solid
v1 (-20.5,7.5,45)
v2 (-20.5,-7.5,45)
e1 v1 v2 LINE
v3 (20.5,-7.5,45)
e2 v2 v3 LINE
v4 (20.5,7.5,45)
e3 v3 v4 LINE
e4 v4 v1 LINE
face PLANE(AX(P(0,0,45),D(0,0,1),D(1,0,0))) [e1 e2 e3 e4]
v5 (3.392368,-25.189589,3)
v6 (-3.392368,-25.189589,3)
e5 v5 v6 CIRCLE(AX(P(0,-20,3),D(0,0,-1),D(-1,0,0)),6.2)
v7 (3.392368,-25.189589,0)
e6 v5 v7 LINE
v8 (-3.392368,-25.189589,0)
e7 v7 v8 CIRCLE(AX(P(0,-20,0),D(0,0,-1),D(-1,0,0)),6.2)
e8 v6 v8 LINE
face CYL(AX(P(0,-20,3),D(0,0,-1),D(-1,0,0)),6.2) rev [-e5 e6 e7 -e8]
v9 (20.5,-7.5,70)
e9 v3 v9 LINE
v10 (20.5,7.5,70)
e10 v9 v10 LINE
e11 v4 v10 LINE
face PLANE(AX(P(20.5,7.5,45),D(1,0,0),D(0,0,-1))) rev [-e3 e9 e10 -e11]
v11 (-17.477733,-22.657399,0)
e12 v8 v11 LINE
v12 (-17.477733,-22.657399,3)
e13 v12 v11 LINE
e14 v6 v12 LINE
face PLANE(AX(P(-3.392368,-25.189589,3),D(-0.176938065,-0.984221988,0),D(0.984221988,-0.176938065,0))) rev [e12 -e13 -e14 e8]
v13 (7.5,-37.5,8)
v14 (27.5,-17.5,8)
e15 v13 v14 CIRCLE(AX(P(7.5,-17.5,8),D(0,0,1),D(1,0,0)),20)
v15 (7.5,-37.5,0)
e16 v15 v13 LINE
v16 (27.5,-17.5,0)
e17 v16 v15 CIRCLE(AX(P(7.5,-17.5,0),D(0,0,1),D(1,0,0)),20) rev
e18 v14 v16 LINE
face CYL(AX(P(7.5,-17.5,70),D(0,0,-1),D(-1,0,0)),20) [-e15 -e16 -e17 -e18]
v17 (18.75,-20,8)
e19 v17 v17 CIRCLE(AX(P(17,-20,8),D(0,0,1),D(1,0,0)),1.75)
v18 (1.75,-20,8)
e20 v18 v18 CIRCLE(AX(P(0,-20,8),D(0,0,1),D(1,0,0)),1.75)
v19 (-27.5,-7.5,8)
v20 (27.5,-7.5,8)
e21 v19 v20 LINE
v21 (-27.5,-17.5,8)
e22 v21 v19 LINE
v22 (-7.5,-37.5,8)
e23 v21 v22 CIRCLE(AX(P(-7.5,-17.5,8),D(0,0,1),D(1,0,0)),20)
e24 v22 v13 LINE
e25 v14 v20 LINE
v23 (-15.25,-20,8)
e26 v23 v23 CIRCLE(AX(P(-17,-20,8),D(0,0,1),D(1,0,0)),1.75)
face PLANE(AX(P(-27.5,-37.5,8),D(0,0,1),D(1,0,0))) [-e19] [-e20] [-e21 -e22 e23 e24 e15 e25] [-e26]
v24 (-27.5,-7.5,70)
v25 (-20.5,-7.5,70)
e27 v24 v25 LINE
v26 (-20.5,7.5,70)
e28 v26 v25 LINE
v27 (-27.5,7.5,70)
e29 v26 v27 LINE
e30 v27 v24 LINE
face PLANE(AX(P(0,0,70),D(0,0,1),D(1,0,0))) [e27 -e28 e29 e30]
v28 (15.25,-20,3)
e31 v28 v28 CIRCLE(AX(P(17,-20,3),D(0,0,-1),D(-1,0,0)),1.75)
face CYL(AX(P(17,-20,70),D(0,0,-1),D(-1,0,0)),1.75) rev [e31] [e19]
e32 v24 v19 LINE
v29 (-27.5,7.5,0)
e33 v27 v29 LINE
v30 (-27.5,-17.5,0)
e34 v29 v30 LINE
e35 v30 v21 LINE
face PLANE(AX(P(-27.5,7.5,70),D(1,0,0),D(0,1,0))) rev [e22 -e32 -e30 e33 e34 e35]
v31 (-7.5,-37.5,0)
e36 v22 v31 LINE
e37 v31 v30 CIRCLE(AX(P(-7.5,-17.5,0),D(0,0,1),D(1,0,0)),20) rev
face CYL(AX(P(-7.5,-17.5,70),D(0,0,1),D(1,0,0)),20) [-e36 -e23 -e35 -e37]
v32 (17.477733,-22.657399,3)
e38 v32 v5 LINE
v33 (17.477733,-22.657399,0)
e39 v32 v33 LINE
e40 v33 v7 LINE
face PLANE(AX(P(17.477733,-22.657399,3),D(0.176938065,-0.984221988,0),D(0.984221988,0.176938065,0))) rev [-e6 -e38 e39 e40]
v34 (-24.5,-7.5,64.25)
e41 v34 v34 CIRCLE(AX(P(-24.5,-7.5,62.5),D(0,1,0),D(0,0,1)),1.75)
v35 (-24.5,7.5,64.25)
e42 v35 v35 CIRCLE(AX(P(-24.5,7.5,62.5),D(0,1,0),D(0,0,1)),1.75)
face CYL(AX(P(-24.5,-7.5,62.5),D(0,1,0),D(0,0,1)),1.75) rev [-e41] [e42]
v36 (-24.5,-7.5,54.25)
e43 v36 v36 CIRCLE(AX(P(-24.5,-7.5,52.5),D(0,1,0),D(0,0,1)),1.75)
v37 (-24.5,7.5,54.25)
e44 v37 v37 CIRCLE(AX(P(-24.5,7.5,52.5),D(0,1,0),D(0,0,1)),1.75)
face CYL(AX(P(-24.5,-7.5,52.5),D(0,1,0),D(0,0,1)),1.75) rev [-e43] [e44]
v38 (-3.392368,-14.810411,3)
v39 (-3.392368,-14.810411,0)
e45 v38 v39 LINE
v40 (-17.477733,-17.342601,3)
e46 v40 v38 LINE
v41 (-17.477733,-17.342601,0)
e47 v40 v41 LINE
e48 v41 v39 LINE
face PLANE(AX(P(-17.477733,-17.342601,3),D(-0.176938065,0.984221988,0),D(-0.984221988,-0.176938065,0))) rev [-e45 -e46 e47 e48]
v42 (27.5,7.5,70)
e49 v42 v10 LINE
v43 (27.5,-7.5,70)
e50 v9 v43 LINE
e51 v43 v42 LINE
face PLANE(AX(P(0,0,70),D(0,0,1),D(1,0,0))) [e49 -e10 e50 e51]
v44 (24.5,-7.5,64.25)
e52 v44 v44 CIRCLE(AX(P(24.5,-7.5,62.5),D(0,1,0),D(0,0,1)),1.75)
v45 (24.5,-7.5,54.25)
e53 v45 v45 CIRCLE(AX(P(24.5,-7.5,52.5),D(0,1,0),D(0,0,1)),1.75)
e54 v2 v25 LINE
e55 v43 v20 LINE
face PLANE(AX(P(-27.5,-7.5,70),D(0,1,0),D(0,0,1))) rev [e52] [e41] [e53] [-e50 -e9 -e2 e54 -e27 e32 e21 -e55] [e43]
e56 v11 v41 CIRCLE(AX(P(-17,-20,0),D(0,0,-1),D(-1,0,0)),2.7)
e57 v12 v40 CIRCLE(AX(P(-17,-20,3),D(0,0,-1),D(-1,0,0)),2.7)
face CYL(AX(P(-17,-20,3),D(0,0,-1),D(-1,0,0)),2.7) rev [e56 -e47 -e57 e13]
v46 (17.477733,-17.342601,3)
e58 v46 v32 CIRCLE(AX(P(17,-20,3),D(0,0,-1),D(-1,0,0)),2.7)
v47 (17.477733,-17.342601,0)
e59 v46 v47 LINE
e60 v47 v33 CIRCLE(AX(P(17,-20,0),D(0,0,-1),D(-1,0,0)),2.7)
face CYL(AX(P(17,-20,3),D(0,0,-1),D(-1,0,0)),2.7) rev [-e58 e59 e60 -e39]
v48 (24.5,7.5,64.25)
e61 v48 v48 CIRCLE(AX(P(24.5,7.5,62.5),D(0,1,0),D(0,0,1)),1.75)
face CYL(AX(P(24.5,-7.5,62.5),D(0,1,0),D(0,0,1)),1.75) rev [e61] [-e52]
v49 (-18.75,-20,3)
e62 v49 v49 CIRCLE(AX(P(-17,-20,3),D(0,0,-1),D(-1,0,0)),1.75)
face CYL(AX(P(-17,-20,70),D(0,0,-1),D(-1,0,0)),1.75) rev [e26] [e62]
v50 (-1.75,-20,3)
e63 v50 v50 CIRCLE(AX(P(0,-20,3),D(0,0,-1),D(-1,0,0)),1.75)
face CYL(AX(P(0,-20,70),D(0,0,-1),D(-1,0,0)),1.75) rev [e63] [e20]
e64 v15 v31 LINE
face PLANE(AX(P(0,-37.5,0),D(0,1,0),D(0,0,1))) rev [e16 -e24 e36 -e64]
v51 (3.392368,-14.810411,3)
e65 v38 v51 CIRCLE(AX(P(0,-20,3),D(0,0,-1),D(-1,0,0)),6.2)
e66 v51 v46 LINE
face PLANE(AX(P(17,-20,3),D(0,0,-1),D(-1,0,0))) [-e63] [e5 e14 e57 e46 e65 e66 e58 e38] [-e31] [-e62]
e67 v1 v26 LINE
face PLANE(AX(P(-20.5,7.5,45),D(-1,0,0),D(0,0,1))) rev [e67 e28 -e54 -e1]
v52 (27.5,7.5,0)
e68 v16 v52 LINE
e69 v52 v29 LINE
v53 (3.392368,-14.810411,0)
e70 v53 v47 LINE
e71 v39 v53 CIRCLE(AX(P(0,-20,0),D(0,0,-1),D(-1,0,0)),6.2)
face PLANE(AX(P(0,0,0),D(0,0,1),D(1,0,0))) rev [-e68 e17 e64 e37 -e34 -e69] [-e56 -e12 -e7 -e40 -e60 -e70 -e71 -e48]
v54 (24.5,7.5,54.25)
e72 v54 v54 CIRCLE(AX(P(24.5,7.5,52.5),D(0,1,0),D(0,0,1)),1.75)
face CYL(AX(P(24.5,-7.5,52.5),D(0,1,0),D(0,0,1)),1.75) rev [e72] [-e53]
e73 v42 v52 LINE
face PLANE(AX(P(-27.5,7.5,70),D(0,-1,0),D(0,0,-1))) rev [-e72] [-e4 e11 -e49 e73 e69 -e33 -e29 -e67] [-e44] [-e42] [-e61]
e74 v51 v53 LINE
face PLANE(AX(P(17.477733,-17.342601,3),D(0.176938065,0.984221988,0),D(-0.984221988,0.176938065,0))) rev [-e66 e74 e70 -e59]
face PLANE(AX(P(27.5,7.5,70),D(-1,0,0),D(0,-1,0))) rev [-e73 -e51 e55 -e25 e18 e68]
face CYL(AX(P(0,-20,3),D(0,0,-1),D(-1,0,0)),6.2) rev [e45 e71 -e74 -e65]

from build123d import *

# Parameters (mm, degrees)
SKETCH1_W           = 55
SKETCH1_H           = 15
BOSS_EXTRUDE1_DEPTH = 70
SKETCH2_W           = 41
SKETCH2_H           = 15
CUT_EXTRUDE1_DEPTH  = 25
SKETCH3_R           = 1.75
CUT_EXTRUDE2_DEPTH  = 16
SKETCH4_W           = 55
SKETCH4_H           = 8
BOSS_EXTRUDE2_DEPTH = 30
FILLET1_R           = 20
CUT_EXTRUDE3_DEPTH  = 3
SKETCH6_R           = 1.75
CUT_EXTRUDE4_DEPTH  = 68


with BuildPart() as part:
    # Sketch1 → Boss-Extrude1 (new body)
    with BuildSketch(Plane.XY):
        Rectangle(SKETCH1_W, SKETCH1_H)
    extrude(amount=BOSS_EXTRUDE1_DEPTH)

    # Sketch2 → Cut-Extrude1 (cut)
    with BuildSketch(Plane.XY.offset(70)):
        Rectangle(SKETCH2_W, SKETCH2_H)
    extrude(amount=-CUT_EXTRUDE1_DEPTH, mode=Mode.SUBTRACT)

    # Sketch3 → Cut-Extrude2 (cut, through all)
    with BuildSketch(Plane(origin=(0, 7.5, 0), x_dir=(1, 0, 0), z_dir=(0, 1, 0))):
        with Locations((-24.5, -62.5)):
            Circle(SKETCH3_R)
        with Locations((24.5, -62.5)):
            Circle(SKETCH3_R)
        with Locations((-24.5, -52.5)):
            Circle(SKETCH3_R)
        with Locations((24.5, -52.5)):
            Circle(SKETCH3_R)
    extrude(amount=-CUT_EXTRUDE2_DEPTH, mode=Mode.SUBTRACT)

    # Sketch4 → Boss-Extrude2 (add)
    with BuildSketch(Plane(origin=(0, -7.5, 0), x_dir=(1, 0, 0), z_dir=(0, 1, 0))):
        with Locations((0, -4)):
            Rectangle(SKETCH4_W, SKETCH4_H)
    extrude(amount=-BOSS_EXTRUDE2_DEPTH)

    # Fillet1
    fillet1_edges = [part.edges().sort_by_distance(p)[0] for p in [
        (-27.5, -37.5, 4),
        (27.5, -37.5, 4),
    ]]
    fillet(fillet1_edges, radius=FILLET1_R)

    # Sketch5 → Cut-Extrude3 (cut)
    with BuildSketch(Plane(origin=(0, 0, 0), x_dir=(-1, 0, 0), z_dir=(0, 0, -1))):
        with BuildLine():
            Line((-17.477732777, -22.657399367), (-3.39236806, -25.189589478))
            ThreePointArc((-3.39236806, -25.189589478), (0, -26.2), (3.39236806, -25.189589478))
            Line((3.39236806, -25.189589478), (17.477732777, -22.657399367))
            ThreePointArc((17.477732777, -22.657399367), (19.7, -20), (17.477732777, -17.342600633))
            Line((17.477732777, -17.342600633), (3.39236806, -14.810410522))
            ThreePointArc((3.39236806, -14.810410522), (0, -13.8), (-3.39236806, -14.810410522))
            Line((-3.39236806, -14.810410522), (-17.477732777, -17.342600633))
            ThreePointArc((-17.477732777, -17.342600633), (-19.7, -20), (-17.477732777, -22.657399367))
        make_face()
    extrude(amount=-CUT_EXTRUDE3_DEPTH, mode=Mode.SUBTRACT)

    # Sketch6 → Cut-Extrude4 (cut, through all)
    with BuildSketch(Plane(origin=(0, 0, 3), x_dir=(-1, 0, 0), z_dir=(0, 0, -1))):
        with Locations((0, -20)):
            Circle(SKETCH6_R)
        with Locations((17, -20)):
            Circle(SKETCH6_R)
        with Locations((-17, -20)):
            Circle(SKETCH6_R)
    extrude(amount=-CUT_EXTRUDE4_DEPTH, mode=Mode.SUBTRACT)


solid = part.part
